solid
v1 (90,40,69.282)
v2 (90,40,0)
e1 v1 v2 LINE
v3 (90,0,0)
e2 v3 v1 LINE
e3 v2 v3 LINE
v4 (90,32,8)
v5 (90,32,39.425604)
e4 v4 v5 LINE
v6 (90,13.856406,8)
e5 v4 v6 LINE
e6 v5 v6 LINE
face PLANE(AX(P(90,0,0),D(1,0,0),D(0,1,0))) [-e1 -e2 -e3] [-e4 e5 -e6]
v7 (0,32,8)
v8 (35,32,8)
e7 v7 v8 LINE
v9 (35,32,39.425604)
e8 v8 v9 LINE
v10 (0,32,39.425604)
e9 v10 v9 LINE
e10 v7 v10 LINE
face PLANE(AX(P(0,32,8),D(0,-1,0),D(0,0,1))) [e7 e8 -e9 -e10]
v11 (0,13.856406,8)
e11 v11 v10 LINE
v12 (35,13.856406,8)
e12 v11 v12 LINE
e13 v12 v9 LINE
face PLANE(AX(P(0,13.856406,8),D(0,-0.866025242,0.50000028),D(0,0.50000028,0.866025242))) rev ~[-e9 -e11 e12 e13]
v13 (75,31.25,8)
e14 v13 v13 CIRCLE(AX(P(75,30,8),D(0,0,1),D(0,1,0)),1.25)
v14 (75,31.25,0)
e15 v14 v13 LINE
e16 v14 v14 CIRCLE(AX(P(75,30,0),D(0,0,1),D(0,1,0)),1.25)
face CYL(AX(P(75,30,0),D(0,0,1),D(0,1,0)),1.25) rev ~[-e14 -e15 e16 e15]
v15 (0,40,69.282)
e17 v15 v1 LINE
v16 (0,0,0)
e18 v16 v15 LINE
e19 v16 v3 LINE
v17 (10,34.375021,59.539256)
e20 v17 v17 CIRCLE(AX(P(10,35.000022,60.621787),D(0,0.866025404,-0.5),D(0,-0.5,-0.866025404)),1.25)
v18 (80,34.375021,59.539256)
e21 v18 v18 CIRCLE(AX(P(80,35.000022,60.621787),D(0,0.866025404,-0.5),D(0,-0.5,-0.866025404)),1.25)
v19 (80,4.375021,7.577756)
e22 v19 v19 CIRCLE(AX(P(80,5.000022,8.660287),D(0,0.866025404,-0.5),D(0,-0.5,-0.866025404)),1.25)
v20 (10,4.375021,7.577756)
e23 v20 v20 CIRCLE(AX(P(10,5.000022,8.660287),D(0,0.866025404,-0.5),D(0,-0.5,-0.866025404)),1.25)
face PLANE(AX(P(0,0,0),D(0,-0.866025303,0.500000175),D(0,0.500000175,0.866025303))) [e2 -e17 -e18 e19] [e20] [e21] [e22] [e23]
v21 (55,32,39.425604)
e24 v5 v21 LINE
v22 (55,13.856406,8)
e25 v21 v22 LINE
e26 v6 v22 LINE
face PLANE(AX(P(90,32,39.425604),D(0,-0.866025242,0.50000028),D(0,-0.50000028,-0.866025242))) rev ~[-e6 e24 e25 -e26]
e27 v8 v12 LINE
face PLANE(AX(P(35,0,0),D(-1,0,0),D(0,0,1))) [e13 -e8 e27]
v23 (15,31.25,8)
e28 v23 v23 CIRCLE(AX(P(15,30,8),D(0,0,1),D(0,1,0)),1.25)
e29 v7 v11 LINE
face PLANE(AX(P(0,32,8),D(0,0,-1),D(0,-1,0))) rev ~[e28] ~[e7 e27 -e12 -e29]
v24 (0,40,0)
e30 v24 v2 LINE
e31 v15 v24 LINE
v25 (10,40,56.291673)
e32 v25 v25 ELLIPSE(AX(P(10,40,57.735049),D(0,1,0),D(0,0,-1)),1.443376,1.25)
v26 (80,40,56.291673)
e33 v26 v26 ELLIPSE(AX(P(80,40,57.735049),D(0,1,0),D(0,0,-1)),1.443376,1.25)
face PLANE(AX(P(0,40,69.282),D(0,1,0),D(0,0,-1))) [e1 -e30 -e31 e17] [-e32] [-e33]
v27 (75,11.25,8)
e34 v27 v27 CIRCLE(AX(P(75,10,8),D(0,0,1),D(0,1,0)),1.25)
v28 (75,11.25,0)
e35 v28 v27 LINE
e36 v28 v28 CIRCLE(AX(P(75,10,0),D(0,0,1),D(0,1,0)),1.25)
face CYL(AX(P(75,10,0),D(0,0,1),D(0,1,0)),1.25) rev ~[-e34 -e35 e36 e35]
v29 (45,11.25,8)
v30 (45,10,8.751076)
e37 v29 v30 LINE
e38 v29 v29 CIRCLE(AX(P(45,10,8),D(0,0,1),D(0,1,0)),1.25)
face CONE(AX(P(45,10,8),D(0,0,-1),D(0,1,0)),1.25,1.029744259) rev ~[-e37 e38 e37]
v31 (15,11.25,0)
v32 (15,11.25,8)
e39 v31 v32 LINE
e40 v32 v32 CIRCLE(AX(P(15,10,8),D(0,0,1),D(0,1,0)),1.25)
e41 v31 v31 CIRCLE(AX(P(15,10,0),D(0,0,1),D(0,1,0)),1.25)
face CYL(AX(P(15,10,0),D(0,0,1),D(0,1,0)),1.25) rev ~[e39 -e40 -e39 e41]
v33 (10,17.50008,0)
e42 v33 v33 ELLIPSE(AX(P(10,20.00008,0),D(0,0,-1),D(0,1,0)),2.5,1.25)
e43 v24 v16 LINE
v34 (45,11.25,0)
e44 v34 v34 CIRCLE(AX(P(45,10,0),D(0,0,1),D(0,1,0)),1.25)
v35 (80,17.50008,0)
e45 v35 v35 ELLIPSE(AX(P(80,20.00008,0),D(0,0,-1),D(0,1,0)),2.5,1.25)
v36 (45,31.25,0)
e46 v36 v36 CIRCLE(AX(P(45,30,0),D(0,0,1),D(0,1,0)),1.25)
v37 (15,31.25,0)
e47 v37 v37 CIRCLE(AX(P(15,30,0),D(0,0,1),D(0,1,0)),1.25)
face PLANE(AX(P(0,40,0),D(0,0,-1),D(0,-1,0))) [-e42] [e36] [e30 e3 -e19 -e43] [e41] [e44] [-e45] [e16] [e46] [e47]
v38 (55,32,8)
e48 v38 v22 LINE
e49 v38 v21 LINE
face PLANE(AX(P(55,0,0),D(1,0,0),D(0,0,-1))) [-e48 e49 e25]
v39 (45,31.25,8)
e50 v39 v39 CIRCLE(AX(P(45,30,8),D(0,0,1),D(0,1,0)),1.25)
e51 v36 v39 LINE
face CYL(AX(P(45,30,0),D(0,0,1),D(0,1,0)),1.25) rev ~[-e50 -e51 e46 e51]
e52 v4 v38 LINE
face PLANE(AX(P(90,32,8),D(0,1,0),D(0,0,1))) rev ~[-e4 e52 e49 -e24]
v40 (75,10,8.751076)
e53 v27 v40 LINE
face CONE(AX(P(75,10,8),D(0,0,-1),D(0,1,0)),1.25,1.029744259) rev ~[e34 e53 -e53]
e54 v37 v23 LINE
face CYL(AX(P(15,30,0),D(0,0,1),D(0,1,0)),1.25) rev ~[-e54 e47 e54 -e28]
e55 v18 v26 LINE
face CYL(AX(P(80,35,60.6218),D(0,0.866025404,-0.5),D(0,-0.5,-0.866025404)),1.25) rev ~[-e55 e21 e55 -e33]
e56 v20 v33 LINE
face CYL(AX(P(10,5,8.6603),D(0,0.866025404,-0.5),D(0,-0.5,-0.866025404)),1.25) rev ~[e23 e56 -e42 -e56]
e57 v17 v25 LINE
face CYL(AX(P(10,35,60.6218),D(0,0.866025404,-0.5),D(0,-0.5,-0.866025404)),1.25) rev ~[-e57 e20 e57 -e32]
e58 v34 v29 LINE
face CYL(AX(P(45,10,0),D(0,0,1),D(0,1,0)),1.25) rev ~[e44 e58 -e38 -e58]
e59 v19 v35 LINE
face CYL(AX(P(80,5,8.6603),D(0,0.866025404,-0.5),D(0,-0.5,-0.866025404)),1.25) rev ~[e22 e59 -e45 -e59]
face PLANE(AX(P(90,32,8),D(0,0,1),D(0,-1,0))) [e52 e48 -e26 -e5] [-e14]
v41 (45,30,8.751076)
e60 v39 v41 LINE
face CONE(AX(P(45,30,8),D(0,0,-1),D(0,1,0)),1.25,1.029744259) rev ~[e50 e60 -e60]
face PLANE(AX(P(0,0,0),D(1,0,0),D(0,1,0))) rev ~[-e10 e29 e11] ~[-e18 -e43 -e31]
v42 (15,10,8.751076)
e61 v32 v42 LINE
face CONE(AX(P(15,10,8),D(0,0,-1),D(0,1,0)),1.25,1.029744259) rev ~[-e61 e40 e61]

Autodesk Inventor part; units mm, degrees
ref_plane "YZ Plane" through (0, 0, 0) normal (1, 0, 0) x (0, 1, 0)
ref_plane "XZ Plane" through (0, 0, 0) normal (0, 1, 0) x (-1, 0, 0)
ref_plane "XY Plane" through (0, 0, 0) normal (0, 0, 1) x (1, 0, 0)
sketch "スケッチ1" plane through (0, 0, 0) normal (1, 0, 0) x (0, 1, 0)
  line L0 (0, 0) -> (40, 69.282)
  line L1 (0, 0) -> (80, 0) construction
  line L2 (40, 69.282) -> (40, 0)
  line L3 (40, 0) -> (0, 0)
  dimension "d0" = 80
  dimension "d1" = 60
  dimension "d2" = 30
extrude "押し出し1" add sketch "スケッチ1" along normal blind 90
sketch "スケッチ2" plane through (0, 0, 0) normal (0, -0.866, 0.5) x (1, 0, 0)
  line L0 (0, 80) -> (10, 80)
  line L1 (10, 80) -> (10, 70)
  line L2 (10, 70) -> (0, 70)
  line L3 (0, 70) -> (0, 80)
  line L4 (90, 80) -> (80, 80)
  line L5 (80, 80) -> (80, 70)
  line L6 (80, 70) -> (90, 70)
  line L7 (90, 70) -> (90, 80)
  line L8 (90, 0) -> (80, 0)
  line L9 (80, 0) -> (80, 10)
  line L10 (80, 10) -> (90, 10)
  line L11 (90, 10) -> (90, 0)
  line L12 (0, 0) -> (10, 0)
  line L13 (10, 0) -> (10, 10)
  line L14 (10, 10) -> (0, 10)
  line L15 (0, 10) -> (0, 0)
  dimension "d5" = 10
  dimension "d6" = 10
  dimension "d7" = 10
  dimension "d8" = 10
  dimension "d9" = 10
  dimension "d10" = 10
  dimension "d11" = 10
  dimension "d12" = 10
hole "穴1" at (10, 35, 60.6218) at (10, 5, 8.6603) at (80, 5, 8.6603) at (80, 35, 60.6218) direction (0, 0.866, -0.5) diameter 2.5 depth 20 tip angle 118
sketch "スケッチ3" plane through (0, 0, 0) normal (0, 0, -1) x (-1, 0, 0)
  line L0 (-90, 40) -> (-75, 40)
  line L1 (-75, 40) -> (-75, 30)
  line L2 (-75, 30) -> (-90, 30)
  line L3 (-90, 30) -> (-90, 40)
  line L4 (-90, 0) -> (-75, 0)
  line L5 (-75, 0) -> (-75, 10)
  line L6 (-75, 10) -> (-90, 10)
  line L7 (-90, 10) -> (-90, 0)
  line L8 (0, 40) -> (-15, 40)
  line L9 (-15, 40) -> (-15, 30)
  line L10 (-15, 30) -> (0, 30)
  line L11 (0, 30) -> (0, 40)
  line L12 (0, 0) -> (-15, 0)
  line L13 (-15, 0) -> (-15, 10)
  line L14 (-15, 10) -> (0, 10)
  line L15 (0, 10) -> (0, 0)
  line L16 (-75, 30) -> (-15, 30)
  line L17 (-15, 10) -> (-75, 10)
  point P0 (-45, 10)
  point P1 (-45, 30)
  dimension "d20" = 15
  dimension "d21" = 10
  dimension "d23" = 15
  dimension "d24" = 10
  dimension "d25" = 15
  dimension "d26" = 10
hole "穴2" at (75, 30, 0) at (75, 10, 0) at (15, 30, 0) at (15, 10, 0) at (45, 10, 0) at (45, 30, 0) direction (0, 0, 1) diameter 2.5 depth 8 tip angle 118
sketch "スケッチ4" plane through (90, 0, 0) normal (1, 0, 0) x (0, 0, -1)
  line L0 (-69.282, 40) -> (0, 0) projected
  line L1 (0, 0) -> (0, 40) projected
  line L2 (0, 40) -> (-69.282, 40) projected
  line L3 (-8, 40) -> (-8, 4.6188)
  line L4 (0, 32) -> (-55.4256, 32)
  line L5 (-53.282, 40) -> (0, 9.2376)
  point P0 (-39.4256, 32)
  point P1 (-8, 32)
  point P2 (-8, 13.8564)
  dimension "d34" = 8
  dimension "d35" = 8
  dimension "d36" = 8
extrude "押し出し2" cut sketch "スケッチ4" against normal blind 35 contours L4 L3 L5
sketch "スケッチ5" plane through (0, 0, 0) normal (-1, 0, 0) x (0, 0, 1)
  line L0 (0, 0) -> (69.282, 40) projected
  line L1 (69.282, 40) -> (0, 40) projected
  line L2 (0, 40) -> (0, 0) projected
  line L3 (8, 40) -> (8, 33.1308)
  line L4 (8, 33.1308) -> (8, 4.6188)
  line L5 (0, 32) -> (55.2982, 32)
  line L6 (0, 9.2376) -> (53.282, 40)
  point P0 (39.4256, 32)
  point P1 (8, 32)
  point P2 (8, 13.8564)
  dimension "d39" = 8
  dimension "d40" = 8
  dimension "d41" = 8
extrude "押し出し3" cut sketch "スケッチ5" against normal blind 35 contours L4 L5 L6
properties part number "知能ロボコン土台"
